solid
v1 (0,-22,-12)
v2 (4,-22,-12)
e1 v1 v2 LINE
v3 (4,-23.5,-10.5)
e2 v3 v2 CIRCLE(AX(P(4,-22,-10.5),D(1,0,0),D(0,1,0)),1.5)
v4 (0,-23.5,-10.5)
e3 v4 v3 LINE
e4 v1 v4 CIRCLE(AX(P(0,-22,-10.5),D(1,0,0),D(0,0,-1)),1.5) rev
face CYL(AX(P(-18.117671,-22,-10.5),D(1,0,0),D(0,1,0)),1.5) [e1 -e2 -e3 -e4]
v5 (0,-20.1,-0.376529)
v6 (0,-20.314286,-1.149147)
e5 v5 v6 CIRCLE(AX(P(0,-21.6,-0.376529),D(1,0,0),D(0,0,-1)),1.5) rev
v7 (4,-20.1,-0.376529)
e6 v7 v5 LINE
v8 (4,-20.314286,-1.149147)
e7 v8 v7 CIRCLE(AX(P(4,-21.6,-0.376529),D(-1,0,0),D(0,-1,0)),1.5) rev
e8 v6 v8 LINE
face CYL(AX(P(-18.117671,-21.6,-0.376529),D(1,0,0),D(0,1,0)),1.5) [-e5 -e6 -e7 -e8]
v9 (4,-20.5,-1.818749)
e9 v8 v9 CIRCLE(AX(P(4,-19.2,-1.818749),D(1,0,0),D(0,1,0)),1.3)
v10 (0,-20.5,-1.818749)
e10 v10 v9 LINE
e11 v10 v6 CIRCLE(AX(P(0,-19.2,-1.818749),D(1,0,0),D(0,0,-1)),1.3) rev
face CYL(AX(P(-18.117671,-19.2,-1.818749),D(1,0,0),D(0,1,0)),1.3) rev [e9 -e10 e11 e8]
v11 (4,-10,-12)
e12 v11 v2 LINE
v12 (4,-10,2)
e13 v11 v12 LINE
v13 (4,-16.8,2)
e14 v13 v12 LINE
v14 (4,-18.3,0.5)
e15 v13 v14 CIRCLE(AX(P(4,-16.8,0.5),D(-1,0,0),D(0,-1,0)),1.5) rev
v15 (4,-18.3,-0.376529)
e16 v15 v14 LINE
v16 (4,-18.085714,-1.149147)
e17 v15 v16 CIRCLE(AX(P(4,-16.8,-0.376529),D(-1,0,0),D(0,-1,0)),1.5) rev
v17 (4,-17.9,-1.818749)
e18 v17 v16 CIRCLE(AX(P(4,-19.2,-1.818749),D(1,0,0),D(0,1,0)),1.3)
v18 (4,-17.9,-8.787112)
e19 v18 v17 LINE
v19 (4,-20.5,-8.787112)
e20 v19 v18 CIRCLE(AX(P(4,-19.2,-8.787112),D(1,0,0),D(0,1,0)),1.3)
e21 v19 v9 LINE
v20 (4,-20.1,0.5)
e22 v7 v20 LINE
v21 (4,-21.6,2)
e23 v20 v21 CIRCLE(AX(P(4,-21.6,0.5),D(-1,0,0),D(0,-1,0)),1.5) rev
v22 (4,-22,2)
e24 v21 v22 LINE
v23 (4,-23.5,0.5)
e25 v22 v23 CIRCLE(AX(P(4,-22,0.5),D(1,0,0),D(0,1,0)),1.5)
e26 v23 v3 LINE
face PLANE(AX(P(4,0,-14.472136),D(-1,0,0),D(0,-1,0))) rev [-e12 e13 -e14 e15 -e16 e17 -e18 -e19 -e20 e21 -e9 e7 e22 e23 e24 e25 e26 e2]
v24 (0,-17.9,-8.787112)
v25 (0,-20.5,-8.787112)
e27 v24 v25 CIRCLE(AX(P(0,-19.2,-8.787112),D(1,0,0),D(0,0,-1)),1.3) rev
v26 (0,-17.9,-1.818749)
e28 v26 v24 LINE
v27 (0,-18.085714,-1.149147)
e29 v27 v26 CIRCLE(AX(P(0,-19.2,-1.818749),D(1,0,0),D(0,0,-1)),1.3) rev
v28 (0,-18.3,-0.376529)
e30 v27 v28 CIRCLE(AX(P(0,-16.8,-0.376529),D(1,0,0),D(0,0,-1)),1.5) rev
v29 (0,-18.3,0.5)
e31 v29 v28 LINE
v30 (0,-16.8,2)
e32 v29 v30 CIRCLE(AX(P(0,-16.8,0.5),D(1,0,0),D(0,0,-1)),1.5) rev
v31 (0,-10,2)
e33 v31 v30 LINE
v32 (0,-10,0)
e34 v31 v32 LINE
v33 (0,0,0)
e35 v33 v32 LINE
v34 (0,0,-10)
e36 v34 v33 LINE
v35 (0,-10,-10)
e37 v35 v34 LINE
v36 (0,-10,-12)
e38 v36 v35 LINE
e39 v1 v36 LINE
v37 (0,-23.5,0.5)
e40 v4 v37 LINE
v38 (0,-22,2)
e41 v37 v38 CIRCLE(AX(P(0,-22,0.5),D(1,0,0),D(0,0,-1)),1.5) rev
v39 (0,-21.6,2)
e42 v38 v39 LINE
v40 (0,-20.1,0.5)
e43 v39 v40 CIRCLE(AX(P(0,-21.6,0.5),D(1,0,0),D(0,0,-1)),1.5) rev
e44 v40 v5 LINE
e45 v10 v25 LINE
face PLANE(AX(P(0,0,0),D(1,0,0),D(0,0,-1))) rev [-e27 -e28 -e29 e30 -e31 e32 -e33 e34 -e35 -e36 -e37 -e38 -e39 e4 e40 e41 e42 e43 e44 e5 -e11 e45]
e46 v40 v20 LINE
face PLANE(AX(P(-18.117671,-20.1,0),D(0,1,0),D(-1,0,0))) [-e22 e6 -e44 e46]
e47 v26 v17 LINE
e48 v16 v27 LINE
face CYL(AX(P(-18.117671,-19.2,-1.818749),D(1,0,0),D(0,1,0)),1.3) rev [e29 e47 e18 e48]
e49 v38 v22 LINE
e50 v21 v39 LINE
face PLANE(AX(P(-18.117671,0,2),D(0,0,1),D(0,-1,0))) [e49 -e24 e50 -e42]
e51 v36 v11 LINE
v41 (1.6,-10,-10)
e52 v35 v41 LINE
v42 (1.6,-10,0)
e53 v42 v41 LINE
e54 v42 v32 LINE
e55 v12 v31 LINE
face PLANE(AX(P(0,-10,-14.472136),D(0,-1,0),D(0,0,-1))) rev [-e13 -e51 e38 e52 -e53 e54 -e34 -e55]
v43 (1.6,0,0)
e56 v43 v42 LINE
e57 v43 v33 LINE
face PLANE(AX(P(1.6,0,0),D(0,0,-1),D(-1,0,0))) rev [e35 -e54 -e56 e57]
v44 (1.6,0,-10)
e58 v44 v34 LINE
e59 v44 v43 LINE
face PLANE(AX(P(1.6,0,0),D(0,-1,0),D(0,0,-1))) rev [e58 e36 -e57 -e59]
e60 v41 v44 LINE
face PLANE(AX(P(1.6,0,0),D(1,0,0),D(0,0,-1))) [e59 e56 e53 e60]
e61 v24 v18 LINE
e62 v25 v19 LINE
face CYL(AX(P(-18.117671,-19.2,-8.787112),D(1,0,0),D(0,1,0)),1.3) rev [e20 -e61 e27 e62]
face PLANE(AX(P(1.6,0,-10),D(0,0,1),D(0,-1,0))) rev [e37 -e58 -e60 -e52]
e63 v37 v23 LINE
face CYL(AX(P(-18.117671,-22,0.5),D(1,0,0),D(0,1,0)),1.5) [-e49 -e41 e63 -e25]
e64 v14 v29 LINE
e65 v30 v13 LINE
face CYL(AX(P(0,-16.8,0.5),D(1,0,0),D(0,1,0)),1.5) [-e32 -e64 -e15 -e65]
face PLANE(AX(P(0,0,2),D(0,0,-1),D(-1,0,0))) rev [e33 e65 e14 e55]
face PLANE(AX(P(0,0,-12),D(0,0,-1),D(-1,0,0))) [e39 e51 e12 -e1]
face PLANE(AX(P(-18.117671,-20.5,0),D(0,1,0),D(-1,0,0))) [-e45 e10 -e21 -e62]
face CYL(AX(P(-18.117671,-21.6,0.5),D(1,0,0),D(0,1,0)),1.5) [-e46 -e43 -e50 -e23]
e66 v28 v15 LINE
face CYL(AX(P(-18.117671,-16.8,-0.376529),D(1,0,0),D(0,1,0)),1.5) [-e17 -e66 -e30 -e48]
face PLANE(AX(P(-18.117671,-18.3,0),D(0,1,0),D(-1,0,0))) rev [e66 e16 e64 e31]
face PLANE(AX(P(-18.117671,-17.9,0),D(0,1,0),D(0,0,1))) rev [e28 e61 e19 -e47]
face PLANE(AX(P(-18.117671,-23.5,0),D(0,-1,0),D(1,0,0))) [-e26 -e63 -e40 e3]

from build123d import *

# Parameters (mm, degrees)
SKETCH1_W           = 10
SKETCH1_H           = 10
BOSS_EXTRUDE1_DEPTH = 1.6
BOSS_EXTRUDE2_DEPTH = 10
SKETCH3_W           = 4
SKETCH3_H           = 2
BOSS_EXTRUDE3_DEPTH = 2
SKETCH4_W           = 4
SKETCH4_H           = 2
BOSS_EXTRUDE4_DEPTH = 2
BOSS_EXTRUDE5_DEPTH = 4
FILLET1_R           = 1.5


with BuildPart() as part:
    # Sketch1 → Boss-Extrude1 (new body)
    with BuildSketch(Plane(origin=(0, 0, 0), x_dir=(0, 0, -1), z_dir=(1, 0, 0))):
        with Locations((5, -5)):
            Rectangle(SKETCH1_W, SKETCH1_H)
    extrude(amount=BOSS_EXTRUDE1_DEPTH)

    # Sketch2 → Boss-Extrude2 (add)
    with BuildSketch(Plane.XY):
        Polygon((1.2, -12), (0, -12), (0, -10), (1.6, -10), (4, -10), (4, -12), (2.8, -12), align=None)
    extrude(amount=-BOSS_EXTRUDE2_DEPTH)

    # Sketch3 → Boss-Extrude3 (add)
    with BuildSketch(Plane.XY):
        with Locations((2, -11)):
            Rectangle(SKETCH3_W, SKETCH3_H)
    extrude(amount=BOSS_EXTRUDE3_DEPTH)

    # Sketch4 → Boss-Extrude4 (add)
    with BuildSketch(Plane(origin=(0, 0, -10), x_dir=(-1, 0, 0), z_dir=(0, 0, -1))):
        with Locations((-2, -11)):
            Rectangle(SKETCH4_W, SKETCH4_H)
    extrude(amount=BOSS_EXTRUDE4_DEPTH)

    # Sketch5 → Boss-Extrude5 (add)
    with BuildSketch(Plane(origin=(4, 0, 0), x_dir=(0, 0, -1), z_dir=(1, 0, 0))):
        with BuildLine():
            Line((12, -12), (-2, -12))
            Line((-2, -12), (-2, -16.665516671))
            Line((-2, -16.665516671), (-2, -18.3))
            Line((-2, -18.3), (0.880666042, -18.3))
            ThreePointArc((0.880666042, -18.3), (1.308847242, -18.004173926), (1.818749194, -17.9))
            Line((1.818749194, -17.9), (8.787112078, -17.9))
            ThreePointArc((8.787112078, -17.9), (9.706350893, -18.280761184), (10.087112078, -19.2))
            ThreePointArc((10.087112078, -19.2), (9.706350893, -20.119238816), (8.787112078, -20.5))
            Line((8.787112078, -20.5), (1.818749194, -20.5))
            ThreePointArc((1.818749194, -20.5), (1.308847242, -20.395826074), (0.880666042, -20.1))
            Line((0.880666042, -20.1), (-2, -20.1))
            Line((-2, -20.1), (-2, -22))
            ThreePointArc((-2, -22), (-1.560660172, -23.060660172), (-0.5, -23.5))
            Line((-0.5, -23.5), (10.5, -23.5))
            ThreePointArc((10.5, -23.5), (11.560660172, -23.060660172), (12, -22))
            Line((12, -22), (12, -12))
        make_face()
    extrude(amount=-BOSS_EXTRUDE5_DEPTH)

    # Fillet1
    fillet1_edges = [part.edges().sort_by_distance(p)[0] for p in [
        (2, -20.1, 2),
        (2, -20.1, -0.880666042),
        (2, -18.3, -0.880666042),
        (2, -18.3, 2),
    ]]
    fillet(fillet1_edges, radius=FILLET1_R)


solid = part.part
